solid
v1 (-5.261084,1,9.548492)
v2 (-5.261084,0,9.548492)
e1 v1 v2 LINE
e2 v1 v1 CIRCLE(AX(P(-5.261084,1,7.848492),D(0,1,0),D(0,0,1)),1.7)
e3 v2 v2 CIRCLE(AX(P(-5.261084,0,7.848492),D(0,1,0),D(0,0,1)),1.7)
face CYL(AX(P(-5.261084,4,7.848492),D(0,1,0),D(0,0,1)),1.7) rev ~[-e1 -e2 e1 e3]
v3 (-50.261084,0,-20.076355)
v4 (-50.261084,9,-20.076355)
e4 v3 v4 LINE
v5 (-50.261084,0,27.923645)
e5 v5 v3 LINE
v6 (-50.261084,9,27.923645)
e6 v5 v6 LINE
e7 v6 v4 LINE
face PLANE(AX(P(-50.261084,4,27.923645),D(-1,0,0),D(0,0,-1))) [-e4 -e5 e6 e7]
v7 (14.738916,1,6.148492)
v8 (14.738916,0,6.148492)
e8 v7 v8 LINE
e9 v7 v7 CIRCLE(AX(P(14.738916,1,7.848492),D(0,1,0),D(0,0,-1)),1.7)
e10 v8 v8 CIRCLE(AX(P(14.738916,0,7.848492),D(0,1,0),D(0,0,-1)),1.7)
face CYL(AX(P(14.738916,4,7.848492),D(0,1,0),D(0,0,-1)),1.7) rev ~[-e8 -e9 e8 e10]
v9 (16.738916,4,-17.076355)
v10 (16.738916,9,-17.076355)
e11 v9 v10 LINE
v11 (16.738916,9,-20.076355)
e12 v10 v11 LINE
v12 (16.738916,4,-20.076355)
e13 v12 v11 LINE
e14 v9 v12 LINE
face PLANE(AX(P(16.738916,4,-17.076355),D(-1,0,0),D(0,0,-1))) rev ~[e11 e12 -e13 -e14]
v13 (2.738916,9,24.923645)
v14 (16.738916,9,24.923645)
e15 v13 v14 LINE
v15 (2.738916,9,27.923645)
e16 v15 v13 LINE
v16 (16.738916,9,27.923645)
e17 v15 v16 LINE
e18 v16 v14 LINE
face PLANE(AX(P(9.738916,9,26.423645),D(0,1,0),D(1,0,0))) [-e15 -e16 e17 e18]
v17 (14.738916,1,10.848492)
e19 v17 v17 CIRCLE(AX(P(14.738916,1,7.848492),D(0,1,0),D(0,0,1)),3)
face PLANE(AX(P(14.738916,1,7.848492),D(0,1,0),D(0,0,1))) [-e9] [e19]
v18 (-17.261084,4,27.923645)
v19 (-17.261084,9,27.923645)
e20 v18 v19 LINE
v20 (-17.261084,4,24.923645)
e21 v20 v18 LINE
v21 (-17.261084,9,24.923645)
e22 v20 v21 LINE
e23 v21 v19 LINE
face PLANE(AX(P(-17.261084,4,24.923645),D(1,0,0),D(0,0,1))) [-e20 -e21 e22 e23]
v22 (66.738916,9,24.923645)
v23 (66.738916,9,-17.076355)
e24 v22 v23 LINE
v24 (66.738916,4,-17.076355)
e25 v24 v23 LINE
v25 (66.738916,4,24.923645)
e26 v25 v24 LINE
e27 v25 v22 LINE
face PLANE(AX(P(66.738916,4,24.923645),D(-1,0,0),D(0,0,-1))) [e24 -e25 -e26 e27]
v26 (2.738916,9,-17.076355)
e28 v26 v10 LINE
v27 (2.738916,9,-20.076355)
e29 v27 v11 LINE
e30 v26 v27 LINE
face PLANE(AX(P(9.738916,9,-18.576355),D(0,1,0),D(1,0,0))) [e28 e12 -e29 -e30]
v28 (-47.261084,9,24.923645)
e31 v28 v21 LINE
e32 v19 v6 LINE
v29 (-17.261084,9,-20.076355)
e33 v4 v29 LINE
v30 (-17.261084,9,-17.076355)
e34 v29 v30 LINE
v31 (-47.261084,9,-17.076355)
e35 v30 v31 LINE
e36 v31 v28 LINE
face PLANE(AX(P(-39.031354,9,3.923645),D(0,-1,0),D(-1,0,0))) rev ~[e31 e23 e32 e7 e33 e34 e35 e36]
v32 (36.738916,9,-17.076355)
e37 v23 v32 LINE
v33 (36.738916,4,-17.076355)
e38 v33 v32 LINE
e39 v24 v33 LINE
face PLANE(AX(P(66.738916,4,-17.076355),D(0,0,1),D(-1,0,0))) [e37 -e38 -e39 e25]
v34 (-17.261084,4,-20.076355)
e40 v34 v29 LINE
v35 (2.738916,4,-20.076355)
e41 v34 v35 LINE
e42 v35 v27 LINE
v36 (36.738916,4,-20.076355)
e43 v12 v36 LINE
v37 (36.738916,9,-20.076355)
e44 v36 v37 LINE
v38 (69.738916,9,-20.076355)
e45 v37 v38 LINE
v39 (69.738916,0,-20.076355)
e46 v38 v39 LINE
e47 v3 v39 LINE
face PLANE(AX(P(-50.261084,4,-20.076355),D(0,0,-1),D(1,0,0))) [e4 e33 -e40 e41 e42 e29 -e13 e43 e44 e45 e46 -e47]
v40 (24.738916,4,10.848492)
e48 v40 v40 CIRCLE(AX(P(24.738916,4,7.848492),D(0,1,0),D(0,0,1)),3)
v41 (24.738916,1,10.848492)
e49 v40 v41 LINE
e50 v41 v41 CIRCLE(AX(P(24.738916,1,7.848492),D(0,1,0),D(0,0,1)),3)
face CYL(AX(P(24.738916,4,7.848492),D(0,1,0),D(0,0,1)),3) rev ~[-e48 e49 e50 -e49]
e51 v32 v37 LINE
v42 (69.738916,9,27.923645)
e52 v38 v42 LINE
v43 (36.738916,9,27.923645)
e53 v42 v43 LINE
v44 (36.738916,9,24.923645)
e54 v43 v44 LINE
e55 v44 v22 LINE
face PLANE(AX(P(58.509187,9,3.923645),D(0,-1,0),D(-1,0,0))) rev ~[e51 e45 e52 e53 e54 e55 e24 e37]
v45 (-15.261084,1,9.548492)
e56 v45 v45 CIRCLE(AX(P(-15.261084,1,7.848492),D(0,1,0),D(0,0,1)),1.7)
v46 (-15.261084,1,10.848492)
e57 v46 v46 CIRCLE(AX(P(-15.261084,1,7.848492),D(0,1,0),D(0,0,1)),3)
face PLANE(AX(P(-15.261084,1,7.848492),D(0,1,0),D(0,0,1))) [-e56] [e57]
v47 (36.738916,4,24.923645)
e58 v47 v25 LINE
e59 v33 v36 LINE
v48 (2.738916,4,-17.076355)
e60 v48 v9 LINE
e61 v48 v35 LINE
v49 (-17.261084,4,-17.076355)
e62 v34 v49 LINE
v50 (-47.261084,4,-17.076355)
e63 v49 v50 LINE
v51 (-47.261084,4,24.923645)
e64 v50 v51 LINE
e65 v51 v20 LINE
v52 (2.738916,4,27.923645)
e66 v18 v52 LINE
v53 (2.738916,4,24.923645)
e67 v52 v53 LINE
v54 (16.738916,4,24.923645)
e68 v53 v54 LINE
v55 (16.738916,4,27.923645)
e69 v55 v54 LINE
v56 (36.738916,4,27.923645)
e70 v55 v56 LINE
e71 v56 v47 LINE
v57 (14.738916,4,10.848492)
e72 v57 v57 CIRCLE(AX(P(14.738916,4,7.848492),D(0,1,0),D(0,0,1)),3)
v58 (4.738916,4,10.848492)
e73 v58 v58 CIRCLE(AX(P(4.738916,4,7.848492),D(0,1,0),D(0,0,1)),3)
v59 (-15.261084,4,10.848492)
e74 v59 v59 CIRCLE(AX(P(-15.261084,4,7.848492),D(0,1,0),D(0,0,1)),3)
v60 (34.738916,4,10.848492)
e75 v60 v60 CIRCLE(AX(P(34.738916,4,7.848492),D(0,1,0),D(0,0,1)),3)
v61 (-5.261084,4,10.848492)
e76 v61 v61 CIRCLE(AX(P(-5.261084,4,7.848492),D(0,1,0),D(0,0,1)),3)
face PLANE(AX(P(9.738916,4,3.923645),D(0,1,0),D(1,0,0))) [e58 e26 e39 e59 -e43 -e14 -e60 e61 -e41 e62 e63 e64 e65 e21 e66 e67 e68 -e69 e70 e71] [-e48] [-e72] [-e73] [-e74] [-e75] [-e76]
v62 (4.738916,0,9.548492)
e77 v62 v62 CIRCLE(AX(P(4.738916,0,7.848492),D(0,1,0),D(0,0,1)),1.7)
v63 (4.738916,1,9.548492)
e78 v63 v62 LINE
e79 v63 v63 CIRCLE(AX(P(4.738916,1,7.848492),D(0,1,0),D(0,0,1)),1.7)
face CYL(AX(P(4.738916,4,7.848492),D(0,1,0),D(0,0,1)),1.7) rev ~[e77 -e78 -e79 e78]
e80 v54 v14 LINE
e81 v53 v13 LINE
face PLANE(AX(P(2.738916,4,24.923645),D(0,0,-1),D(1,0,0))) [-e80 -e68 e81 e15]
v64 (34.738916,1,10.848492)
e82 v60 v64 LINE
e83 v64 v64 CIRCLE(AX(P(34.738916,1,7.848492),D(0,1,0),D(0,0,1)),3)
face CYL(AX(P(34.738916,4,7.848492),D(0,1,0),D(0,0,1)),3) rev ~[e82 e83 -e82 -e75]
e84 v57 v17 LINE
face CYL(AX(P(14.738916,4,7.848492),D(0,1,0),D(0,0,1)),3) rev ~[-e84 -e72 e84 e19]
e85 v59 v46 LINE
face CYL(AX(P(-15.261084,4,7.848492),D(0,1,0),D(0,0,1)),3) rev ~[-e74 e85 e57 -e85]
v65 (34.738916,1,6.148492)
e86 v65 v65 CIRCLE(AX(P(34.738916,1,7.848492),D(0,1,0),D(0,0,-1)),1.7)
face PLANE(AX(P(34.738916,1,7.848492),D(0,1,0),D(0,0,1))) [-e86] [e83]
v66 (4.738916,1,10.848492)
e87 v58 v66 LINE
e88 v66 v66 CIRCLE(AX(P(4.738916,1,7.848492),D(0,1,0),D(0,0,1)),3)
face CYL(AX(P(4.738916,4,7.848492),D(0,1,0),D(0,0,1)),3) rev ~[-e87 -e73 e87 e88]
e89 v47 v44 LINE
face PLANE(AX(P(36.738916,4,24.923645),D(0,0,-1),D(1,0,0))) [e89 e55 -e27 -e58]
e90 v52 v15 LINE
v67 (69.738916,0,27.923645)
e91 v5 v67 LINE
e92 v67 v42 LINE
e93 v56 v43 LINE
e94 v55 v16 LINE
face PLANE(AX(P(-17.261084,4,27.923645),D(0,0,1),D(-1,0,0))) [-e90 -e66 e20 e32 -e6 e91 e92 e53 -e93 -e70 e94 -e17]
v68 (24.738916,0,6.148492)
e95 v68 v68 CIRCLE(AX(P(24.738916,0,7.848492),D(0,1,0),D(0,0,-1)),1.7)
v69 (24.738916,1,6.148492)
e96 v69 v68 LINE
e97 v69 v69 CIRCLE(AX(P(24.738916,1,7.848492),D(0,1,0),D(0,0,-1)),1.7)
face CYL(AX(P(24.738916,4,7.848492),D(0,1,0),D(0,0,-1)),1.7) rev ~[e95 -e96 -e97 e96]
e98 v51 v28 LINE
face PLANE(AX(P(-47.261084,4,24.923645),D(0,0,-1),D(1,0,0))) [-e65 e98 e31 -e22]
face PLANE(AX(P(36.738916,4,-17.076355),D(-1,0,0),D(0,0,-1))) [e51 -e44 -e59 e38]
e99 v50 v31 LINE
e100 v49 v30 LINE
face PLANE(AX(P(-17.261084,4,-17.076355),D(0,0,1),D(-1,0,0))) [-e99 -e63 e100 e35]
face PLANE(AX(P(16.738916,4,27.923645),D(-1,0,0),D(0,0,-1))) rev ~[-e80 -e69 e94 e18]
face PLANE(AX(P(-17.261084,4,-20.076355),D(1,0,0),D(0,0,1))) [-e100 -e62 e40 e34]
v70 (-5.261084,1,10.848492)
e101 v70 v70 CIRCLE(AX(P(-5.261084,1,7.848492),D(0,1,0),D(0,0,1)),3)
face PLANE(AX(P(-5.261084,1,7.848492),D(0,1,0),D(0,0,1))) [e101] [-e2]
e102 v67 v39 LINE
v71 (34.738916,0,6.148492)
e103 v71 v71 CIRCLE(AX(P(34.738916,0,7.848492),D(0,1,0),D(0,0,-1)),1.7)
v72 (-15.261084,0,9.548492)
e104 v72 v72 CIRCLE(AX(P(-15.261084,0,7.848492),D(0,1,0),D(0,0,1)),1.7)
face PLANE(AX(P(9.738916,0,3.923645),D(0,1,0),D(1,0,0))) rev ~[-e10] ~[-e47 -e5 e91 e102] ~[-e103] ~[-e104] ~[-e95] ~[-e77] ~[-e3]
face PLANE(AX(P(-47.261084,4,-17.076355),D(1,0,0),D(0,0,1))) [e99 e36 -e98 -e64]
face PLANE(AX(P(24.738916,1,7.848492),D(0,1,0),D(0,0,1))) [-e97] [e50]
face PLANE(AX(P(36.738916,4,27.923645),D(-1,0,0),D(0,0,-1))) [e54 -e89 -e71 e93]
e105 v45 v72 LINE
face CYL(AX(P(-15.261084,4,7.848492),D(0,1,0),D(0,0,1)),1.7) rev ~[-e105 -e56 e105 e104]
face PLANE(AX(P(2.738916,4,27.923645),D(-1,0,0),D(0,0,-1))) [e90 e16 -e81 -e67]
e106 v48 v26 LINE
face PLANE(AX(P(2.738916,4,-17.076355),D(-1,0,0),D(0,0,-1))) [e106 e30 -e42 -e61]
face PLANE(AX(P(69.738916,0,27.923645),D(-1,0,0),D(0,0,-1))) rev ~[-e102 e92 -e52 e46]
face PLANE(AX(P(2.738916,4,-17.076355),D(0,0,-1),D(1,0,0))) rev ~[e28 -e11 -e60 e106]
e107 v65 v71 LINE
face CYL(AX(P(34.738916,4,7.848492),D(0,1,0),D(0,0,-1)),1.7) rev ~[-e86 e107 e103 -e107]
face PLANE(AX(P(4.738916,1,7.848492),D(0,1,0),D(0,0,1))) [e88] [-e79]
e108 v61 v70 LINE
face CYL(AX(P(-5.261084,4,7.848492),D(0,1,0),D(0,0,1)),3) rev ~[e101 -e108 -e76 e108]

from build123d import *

# Parameters (mm, degrees)
SKETCH1_W           = 120
SKETCH1_H           = 48
BOSS_EXTRUDE1_DEPTH = 4
SKETCH2_W           = 14
SKETCH2_H           = 3
BOSS_EXTRUDE2_DEPTH = 5
SKETCH3_R           = 1.7
CUT_EXTRUDE1_DEPTH  = 5
SKETCH4_R           = 3
CUT_EXTRUDE2_DEPTH  = 3


with BuildPart() as part:
    # Sketch1 → Boss-Extrude1 (new body)
    with BuildSketch(Plane(origin=(0, 0, 0), x_dir=(1, 0, 0), z_dir=(0, 1, 0))):
        with Locations((9.738916256, -3.92364532)):
            Rectangle(SKETCH1_W, SKETCH1_H)
    extrude(amount=BOSS_EXTRUDE1_DEPTH)

    # Sketch2 → Boss-Extrude2 (add)
    with BuildSketch(Plane(origin=(0, 4, 0), x_dir=(1, 0, 0), z_dir=(0, 1, 0))):
        Polygon((-50.261083744, 20.07635468), (-17.261083744, 20.07635468), (-17.261083744, 17.07635468), (-47.261083744, 17.07635468), (-47.261083744, -24.92364532), (-17.261083744, -24.92364532), (-17.261083744, -27.92364532), (-50.261083744, -27.92364532), align=None)
        Polygon((69.738916256, 20.07635468), (69.738916256, -27.92364532), (36.738916256, -27.92364532), (36.738916256, -24.92364532), (66.738916256, -24.92364532), (66.738916256, 17.07635468), (36.738916256, 17.07635468), (36.738916256, 20.07635468), align=None)
        with Locations((9.738916256, 18.57635468)):
            Rectangle(SKETCH2_W, SKETCH2_H)
        with Locations((9.738916256, -26.42364532)):
            Rectangle(SKETCH2_W, SKETCH2_H)
    extrude(amount=BOSS_EXTRUDE2_DEPTH)

    # Sketch3 → Cut-Extrude1 (cut)
    with BuildSketch(Plane(origin=(0, 4, 0), x_dir=(1, 0, 0), z_dir=(0, 1, 0))):
        with Locations(Location((4.738916256, -7.848492391, 0), (0, 0, 270))):
            Circle(SKETCH3_R)
        with Locations(Location((-5.261083744, -7.848492391, 0), (0, 0, 270))):
            Circle(SKETCH3_R)
        with Locations(Location((-15.261083744, -7.848492391, 0), (0, 0, 270))):
            Circle(SKETCH3_R)
        with Locations(Location((34.738916256, -7.848492391, 0), (0, 0, 90))):
            Circle(SKETCH3_R)
        with Locations(Location((24.738916256, -7.848492391, 0), (0, 0, 90))):
            Circle(SKETCH3_R)
        with Locations(Location((14.738916256, -7.848492391, 0), (0, 0, 90))):
            Circle(SKETCH3_R)
    extrude(amount=-CUT_EXTRUDE1_DEPTH, mode=Mode.SUBTRACT)

    # Sketch4 → Cut-Extrude2 (cut)
    with BuildSketch(Plane(origin=(0, 4, 0), x_dir=(1, 0, 0), z_dir=(0, 1, 0))):
        with Locations(Location((-15.261083744, -7.848492391, 0), (0, 0, 270))):
            Circle(SKETCH4_R)
        with Locations(Location((-5.261083744, -7.848492391, 0), (0, 0, 270))):
            Circle(SKETCH4_R)
        with Locations(Location((4.738916256, -7.848492391, 0), (0, 0, 270))):
            Circle(SKETCH4_R)
        with Locations(Location((14.738916256, -7.848492391, 0), (0, 0, 270))):
            Circle(SKETCH4_R)
        with Locations(Location((24.738916256, -7.848492391, 0), (0, 0, 270))):
            Circle(SKETCH4_R)
        with Locations(Location((34.738916256, -7.848492391, 0), (0, 0, 270))):
            Circle(SKETCH4_R)
    extrude(amount=-CUT_EXTRUDE2_DEPTH, mode=Mode.SUBTRACT)


solid = part.part
